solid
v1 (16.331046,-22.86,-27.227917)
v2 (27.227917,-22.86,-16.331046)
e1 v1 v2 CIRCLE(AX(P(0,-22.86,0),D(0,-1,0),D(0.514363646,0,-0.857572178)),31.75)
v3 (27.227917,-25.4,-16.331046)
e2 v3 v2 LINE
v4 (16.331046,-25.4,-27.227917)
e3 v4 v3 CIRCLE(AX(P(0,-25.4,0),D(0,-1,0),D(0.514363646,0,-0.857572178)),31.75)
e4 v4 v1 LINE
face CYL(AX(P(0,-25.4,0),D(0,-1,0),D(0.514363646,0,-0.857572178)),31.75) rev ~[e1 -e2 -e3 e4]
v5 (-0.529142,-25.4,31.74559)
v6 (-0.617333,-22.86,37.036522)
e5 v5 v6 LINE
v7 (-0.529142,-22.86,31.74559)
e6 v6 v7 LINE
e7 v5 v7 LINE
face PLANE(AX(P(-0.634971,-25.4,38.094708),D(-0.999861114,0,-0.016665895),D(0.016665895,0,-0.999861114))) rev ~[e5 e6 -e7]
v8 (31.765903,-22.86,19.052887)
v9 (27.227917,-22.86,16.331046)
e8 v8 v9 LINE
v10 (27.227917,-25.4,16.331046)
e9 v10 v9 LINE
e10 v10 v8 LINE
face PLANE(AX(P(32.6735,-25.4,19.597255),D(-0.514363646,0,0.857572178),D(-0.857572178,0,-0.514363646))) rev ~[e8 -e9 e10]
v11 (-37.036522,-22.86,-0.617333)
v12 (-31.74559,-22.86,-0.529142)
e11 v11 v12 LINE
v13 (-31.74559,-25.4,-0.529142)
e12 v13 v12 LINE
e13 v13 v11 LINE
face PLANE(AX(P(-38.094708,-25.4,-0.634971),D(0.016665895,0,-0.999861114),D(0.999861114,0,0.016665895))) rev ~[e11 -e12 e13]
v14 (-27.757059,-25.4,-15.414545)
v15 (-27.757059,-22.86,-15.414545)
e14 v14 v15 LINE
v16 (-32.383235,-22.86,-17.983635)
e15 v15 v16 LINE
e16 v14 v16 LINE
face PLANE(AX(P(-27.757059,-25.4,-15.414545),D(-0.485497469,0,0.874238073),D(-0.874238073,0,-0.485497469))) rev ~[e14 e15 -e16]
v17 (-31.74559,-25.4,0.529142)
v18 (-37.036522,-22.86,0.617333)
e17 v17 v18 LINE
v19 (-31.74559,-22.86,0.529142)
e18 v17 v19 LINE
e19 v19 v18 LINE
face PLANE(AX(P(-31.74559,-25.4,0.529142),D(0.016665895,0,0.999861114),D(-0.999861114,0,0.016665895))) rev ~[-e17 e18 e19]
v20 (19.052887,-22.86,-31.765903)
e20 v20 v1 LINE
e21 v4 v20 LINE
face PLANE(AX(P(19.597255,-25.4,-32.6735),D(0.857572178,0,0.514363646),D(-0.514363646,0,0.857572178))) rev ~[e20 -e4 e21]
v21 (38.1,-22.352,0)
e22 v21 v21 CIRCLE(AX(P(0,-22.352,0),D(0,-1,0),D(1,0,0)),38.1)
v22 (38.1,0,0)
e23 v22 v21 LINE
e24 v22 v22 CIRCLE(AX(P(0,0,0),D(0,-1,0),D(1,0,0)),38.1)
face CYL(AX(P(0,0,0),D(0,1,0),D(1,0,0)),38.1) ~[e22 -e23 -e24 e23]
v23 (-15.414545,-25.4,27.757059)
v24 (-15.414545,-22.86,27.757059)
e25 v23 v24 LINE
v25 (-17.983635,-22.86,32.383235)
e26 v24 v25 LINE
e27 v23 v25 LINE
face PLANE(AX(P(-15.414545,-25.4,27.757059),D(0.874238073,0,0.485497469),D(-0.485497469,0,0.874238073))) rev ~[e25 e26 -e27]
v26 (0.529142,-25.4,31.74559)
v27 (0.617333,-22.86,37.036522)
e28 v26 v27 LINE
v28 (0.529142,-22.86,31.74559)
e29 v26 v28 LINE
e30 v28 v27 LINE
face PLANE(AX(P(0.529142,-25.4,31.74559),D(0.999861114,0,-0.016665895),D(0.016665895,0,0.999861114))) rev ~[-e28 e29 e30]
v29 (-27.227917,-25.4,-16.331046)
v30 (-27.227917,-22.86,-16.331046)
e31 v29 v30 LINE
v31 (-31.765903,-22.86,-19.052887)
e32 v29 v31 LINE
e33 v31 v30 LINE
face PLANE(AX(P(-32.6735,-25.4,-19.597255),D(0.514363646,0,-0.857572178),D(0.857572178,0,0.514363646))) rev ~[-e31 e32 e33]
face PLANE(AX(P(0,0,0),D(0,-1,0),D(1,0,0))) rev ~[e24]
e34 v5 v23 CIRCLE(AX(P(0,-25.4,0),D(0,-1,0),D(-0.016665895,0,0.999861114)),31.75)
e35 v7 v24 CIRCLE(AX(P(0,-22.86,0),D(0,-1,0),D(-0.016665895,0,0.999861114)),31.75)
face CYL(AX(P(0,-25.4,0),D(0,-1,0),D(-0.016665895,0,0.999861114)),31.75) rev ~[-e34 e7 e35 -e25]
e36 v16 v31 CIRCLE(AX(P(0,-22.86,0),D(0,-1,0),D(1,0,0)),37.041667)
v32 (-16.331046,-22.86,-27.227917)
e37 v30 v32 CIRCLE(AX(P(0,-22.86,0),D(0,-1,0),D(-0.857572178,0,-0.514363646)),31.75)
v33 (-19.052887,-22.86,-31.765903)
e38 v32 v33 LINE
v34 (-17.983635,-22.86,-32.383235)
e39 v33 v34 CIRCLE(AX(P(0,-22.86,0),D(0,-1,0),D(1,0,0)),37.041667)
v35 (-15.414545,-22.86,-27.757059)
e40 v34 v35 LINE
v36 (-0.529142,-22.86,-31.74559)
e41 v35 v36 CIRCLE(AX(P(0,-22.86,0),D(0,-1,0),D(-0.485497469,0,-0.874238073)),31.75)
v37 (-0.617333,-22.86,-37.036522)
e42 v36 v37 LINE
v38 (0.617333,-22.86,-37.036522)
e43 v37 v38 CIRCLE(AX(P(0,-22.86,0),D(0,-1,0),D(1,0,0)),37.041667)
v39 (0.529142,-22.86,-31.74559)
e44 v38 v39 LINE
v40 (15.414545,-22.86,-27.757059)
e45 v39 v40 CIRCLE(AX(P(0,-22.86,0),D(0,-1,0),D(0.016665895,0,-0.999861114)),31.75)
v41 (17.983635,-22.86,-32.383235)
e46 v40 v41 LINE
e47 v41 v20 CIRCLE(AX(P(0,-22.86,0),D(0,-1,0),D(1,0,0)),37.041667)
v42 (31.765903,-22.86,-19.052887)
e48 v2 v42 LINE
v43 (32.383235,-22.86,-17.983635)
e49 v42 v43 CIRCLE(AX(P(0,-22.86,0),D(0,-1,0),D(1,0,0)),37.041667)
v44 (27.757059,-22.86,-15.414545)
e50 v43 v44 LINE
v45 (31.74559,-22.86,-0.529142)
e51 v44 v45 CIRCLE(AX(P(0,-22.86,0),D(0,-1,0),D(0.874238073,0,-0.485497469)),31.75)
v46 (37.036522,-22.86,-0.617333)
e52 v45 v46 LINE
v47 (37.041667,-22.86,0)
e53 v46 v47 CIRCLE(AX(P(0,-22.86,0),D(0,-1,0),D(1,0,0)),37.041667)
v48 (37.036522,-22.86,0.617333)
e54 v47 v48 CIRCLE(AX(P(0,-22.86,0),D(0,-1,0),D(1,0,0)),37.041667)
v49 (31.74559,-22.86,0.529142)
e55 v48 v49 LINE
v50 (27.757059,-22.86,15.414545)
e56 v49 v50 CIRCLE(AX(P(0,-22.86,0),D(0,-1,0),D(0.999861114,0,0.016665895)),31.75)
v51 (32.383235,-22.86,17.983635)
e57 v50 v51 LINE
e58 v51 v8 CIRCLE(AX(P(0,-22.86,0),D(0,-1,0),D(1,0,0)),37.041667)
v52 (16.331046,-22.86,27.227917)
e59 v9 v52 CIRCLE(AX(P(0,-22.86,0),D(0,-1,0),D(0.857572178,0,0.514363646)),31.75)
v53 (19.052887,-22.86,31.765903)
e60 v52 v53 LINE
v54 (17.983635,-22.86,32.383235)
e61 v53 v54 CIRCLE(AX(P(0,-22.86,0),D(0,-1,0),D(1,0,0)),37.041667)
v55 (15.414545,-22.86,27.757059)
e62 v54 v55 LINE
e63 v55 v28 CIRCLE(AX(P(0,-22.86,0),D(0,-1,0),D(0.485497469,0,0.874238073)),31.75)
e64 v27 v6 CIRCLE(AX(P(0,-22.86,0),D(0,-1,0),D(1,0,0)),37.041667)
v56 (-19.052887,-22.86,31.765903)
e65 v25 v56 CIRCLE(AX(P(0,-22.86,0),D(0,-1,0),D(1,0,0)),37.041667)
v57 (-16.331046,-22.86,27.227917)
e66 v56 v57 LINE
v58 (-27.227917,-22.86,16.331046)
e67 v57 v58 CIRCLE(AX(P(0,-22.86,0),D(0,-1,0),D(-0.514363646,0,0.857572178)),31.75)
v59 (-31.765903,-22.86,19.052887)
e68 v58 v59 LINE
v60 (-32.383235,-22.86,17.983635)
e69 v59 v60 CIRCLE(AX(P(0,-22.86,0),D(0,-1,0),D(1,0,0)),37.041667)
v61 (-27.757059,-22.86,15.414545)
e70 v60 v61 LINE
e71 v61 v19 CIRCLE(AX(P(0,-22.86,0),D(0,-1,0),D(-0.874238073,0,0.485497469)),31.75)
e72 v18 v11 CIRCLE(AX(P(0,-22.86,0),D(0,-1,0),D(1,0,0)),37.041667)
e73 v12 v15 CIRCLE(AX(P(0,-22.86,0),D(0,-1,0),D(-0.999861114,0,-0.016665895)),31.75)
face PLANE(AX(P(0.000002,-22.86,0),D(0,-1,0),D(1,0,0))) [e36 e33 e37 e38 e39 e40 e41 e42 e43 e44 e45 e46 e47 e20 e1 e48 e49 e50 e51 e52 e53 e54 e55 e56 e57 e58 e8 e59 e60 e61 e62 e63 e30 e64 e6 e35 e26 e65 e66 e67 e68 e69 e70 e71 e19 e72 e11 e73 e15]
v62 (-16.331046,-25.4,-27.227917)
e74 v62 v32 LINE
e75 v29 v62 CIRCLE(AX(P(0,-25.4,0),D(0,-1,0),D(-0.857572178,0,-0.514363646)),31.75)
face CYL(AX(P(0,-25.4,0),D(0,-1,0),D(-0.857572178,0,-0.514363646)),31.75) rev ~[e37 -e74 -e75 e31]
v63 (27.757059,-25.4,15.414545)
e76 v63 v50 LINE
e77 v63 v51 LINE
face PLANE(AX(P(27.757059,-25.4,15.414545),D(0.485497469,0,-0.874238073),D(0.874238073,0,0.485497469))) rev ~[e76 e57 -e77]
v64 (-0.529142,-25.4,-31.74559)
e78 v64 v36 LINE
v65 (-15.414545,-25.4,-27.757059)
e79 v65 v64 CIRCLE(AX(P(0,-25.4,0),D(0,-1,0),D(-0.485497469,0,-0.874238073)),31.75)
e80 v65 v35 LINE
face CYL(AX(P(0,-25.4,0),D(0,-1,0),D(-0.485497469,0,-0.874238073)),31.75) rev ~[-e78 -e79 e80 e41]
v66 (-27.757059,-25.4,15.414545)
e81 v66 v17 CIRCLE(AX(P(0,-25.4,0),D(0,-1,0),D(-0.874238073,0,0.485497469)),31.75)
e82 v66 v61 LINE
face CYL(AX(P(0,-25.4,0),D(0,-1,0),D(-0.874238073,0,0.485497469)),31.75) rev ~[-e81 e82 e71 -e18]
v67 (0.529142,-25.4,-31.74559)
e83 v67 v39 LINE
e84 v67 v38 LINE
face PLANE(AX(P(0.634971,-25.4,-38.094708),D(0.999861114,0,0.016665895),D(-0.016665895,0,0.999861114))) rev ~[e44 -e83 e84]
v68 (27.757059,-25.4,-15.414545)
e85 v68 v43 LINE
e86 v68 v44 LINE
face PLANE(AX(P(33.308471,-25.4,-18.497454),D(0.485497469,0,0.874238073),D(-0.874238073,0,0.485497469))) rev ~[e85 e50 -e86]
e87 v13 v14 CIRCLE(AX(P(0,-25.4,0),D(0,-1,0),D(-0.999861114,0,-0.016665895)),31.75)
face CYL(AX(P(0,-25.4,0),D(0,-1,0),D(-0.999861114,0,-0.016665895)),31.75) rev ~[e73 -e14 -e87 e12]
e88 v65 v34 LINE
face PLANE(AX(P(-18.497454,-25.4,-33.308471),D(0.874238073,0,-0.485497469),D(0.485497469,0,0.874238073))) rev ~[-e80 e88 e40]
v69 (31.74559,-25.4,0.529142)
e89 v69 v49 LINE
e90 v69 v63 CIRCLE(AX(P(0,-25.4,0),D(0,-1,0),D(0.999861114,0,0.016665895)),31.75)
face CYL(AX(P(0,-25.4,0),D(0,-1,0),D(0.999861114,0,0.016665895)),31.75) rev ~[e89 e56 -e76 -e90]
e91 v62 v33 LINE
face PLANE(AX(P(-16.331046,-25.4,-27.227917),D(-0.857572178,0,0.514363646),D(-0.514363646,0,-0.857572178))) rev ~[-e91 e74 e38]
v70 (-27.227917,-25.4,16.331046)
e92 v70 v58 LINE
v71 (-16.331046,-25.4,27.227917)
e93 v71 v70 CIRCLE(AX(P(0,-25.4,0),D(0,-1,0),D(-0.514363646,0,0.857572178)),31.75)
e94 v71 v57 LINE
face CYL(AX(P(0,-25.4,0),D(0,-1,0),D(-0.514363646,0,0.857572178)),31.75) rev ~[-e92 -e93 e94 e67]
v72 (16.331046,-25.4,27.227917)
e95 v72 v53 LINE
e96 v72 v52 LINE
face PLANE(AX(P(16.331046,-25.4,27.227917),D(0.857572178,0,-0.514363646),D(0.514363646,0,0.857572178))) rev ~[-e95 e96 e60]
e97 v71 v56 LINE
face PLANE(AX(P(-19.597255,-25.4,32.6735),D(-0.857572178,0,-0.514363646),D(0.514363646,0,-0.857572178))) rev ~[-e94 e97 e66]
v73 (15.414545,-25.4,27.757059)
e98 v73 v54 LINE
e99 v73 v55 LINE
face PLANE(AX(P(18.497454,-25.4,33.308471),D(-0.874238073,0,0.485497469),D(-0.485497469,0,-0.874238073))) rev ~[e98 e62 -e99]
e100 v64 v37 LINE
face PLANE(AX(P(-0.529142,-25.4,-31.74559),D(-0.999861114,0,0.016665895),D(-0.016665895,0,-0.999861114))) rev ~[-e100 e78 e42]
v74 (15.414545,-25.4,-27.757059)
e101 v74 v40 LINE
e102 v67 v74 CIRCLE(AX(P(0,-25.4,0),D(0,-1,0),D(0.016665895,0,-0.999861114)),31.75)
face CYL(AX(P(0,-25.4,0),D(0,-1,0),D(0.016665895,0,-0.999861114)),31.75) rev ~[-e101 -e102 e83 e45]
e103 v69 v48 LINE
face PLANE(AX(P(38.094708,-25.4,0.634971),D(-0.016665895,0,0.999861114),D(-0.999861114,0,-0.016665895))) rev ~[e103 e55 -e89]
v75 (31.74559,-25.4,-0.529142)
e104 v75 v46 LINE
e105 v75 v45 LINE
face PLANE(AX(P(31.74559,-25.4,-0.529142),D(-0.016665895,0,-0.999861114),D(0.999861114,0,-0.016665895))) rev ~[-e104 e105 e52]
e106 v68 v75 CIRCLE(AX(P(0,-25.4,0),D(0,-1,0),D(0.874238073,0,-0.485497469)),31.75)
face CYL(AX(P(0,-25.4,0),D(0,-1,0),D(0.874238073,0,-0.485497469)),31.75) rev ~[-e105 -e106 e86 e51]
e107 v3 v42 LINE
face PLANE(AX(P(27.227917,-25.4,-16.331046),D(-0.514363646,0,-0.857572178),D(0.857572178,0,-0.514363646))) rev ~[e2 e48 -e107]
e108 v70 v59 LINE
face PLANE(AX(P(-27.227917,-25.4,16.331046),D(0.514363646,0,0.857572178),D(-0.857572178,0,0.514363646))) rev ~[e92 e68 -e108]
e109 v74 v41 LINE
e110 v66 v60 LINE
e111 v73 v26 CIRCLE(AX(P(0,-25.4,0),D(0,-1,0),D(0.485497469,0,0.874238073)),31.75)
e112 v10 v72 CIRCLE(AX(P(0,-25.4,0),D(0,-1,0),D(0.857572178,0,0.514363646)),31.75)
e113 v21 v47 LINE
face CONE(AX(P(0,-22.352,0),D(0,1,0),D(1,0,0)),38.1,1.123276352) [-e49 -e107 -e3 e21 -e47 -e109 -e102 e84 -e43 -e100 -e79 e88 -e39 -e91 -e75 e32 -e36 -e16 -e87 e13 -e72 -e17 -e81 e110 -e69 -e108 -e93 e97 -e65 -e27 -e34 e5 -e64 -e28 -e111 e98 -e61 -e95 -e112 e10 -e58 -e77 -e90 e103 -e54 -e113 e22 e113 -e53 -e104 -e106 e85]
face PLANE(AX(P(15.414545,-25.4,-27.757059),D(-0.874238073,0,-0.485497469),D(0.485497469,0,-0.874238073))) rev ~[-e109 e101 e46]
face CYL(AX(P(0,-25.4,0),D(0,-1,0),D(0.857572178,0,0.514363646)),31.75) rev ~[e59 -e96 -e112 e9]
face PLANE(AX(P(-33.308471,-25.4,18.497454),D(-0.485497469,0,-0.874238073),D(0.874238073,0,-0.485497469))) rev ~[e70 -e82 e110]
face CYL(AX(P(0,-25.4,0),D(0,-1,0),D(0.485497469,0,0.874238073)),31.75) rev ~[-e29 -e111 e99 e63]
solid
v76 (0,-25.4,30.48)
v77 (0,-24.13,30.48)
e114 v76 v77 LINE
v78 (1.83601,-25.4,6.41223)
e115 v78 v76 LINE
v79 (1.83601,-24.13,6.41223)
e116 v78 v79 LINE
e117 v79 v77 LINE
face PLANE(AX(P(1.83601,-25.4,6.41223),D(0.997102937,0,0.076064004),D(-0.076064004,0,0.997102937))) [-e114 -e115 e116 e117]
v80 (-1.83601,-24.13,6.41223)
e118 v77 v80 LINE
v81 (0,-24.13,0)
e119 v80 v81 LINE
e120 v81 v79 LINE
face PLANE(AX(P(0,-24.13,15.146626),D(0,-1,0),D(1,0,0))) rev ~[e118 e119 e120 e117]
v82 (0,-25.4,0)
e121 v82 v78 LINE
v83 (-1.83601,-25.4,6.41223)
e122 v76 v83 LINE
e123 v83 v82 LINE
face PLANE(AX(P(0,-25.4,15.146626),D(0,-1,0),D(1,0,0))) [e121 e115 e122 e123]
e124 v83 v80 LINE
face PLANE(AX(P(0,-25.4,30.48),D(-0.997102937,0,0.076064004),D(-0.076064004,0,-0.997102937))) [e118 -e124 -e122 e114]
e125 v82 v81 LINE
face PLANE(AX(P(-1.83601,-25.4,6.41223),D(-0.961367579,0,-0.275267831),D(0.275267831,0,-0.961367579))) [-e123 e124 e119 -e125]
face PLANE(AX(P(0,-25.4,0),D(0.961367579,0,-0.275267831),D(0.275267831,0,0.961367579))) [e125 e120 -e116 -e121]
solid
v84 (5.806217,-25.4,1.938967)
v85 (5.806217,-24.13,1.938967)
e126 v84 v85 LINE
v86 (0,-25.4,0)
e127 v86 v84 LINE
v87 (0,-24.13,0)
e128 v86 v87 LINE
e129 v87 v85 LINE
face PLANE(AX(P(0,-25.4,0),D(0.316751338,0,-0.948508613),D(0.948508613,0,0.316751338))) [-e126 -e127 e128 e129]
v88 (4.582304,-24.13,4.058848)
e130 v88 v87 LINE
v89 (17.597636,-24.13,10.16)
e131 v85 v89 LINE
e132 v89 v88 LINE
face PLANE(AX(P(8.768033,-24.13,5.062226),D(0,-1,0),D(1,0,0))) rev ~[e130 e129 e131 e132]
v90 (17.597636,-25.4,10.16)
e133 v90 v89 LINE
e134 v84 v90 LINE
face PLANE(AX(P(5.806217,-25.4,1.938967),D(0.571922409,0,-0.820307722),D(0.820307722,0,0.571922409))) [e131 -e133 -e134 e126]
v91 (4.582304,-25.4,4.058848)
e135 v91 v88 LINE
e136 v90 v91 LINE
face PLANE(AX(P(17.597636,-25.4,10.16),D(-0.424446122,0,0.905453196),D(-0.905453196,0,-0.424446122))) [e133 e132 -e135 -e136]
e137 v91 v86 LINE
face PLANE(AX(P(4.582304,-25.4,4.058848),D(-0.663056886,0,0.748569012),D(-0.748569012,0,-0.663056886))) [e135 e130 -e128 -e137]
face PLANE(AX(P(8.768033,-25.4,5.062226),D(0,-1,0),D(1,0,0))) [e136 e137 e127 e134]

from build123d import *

# Parameters (mm, degrees)
F0_R     = 38.1
F1_DEPTH = 25.4
F3_SIZE2 = 6.35
F3_SIZE  = 3.048
F4_DEPTH = 2.54
F6_DEPTH = 1.27


with BuildPart() as f1:
    # F0 (on Front) → F1 (new body)
    with BuildSketch(Plane.XZ):
        Circle(F0_R)
    extrude(amount=F1_DEPTH)

    # F3
    f3_edges = [f1.edges().sort_by_distance(p)[0] for p in [
        (-38.1, -25.4, 0),
    ]]
    f3_side = f1.faces().sort_by_distance((-38.1, -12.7, 0))[0]
    chamfer(f3_edges, length=F3_SIZE, length2=F3_SIZE2, reference=f3_side)

    # F2 (on face) → F4 (cut)
    with BuildSketch(Plane.XZ.offset(25.4)):
        with BuildLine():
            ThreePointArc((31.7455903799, -0.5291421686), (31.7488975758, -0.264580271), (31.75, 0))
            ThreePointArc((31.75, 0), (31.7488975758, 0.264580271), (31.7455903799, 0.5291421686))
            ThreePointArc((31.7455903799, 0.5291421686), (30.6681449847, 8.217504682), (27.7570588114, 15.4145446297))
            ThreePointArc((27.7570588114, 15.4145446297), (27.4963065702, 15.875), (27.2279166428, 16.3310457501))
            ThreePointArc((27.2279166428, 16.3310457501), (22.4506403027, 22.4506403027), (16.3310457501, 27.2279166428))
            ThreePointArc((16.3310457501, 27.2279166428), (15.875, 27.4963065702), (15.4145446297, 27.7570588114))
            ThreePointArc((15.4145446297, 27.7570588114), (8.217504682, 30.6681449847), (0.5291421686, 31.7455903799))
            ThreePointArc((0.5291421686, 31.7455903799), (0, 31.75), (-0.5291421686, 31.7455903799))
            ThreePointArc((-0.5291421686, 31.7455903799), (-8.217504682, 30.6681449847), (-15.4145446297, 27.7570588114))
            ThreePointArc((-15.4145446297, 27.7570588114), (-15.875, 27.4963065702), (-16.3310457501, 27.2279166428))
            ThreePointArc((-16.3310457501, 27.2279166428), (-22.4506403027, 22.4506403027), (-27.2279166428, 16.3310457501))
            ThreePointArc((-27.2279166428, 16.3310457501), (-27.4963065702, 15.875), (-27.7570588114, 15.4145446297))
            ThreePointArc((-27.7570588114, 15.4145446297), (-30.6681449847, 8.217504682), (-31.7455903799, 0.5291421686))
            ThreePointArc((-31.7455903799, 0.5291421686), (-31.75, 0), (-31.7455903799, -0.5291421686))
            ThreePointArc((-31.7455903799, -0.5291421686), (-30.6681449847, -8.217504682), (-27.7570588114, -15.4145446297))
            ThreePointArc((-27.7570588114, -15.4145446297), (-27.4963065702, -15.875), (-27.2279166428, -16.3310457501))
            ThreePointArc((-27.2279166428, -16.3310457501), (-22.4506403027, -22.4506403027), (-16.3310457501, -27.2279166428))
            ThreePointArc((-16.3310457501, -27.2279166428), (-15.875, -27.4963065702), (-15.4145446297, -27.7570588114))
            ThreePointArc((-15.4145446297, -27.7570588114), (-8.217504682, -30.6681449847), (-0.5291421686, -31.7455903799))
            ThreePointArc((-0.5291421686, -31.7455903799), (0, -31.75), (0.5291421686, -31.7455903799))
            ThreePointArc((0.5291421686, -31.7455903799), (8.217504682, -30.6681449847), (15.4145446297, -27.7570588114))
            ThreePointArc((15.4145446297, -27.7570588114), (15.875, -27.4963065702), (16.3310457501, -27.2279166428))
            ThreePointArc((16.3310457501, -27.2279166428), (22.4506403027, -22.4506403027), (27.2279166428, -16.3310457501))
            ThreePointArc((27.2279166428, -16.3310457501), (27.4963065702, -15.875), (27.7570588114, -15.4145446297))
            ThreePointArc((27.7570588114, -15.4145446297), (30.6681449847, -8.217504682), (31.7455903799, -0.5291421686))
        make_face()
        with BuildLine():
            ThreePointArc((31.7455903799, 0.5291421686), (31.7488975758, 0.264580271), (31.75, 0))
            ThreePointArc((31.75, 0), (31.7488975758, -0.264580271), (31.7455903799, -0.5291421686))
            Line((31.7455903799, -0.5291421686), (38.0947084558, -0.6349706023))
            ThreePointArc((38.0947084558, -0.6349706023), (38.1, 0), (38.0947084558, 0.6349706023))
            Line((38.0947084558, 0.6349706023), (31.7455903799, 0.5291421686))
        make_face()
        with BuildLine():
            ThreePointArc((27.2279166428, 16.3310457501), (27.4963065702, 15.875), (27.7570588114, 15.4145446297))
            Line((27.7570588114, 15.4145446297), (33.3084705736, 18.4974535557))
            ThreePointArc((33.3084705736, 18.4974535557), (32.9955678842, 19.05), (32.6734999714, 19.5972549001))
            Line((32.6734999714, 19.5972549001), (27.2279166428, 16.3310457501))
        make_face()
        with BuildLine():
            Line((33.3084705736, -18.4974535557), (27.7570588114, -15.4145446297))
            ThreePointArc((27.7570588114, -15.4145446297), (27.4963065702, -15.875), (27.2279166428, -16.3310457501))
            Line((27.2279166428, -16.3310457501), (32.6734999714, -19.5972549001))
            ThreePointArc((32.6734999714, -19.5972549001), (32.9955678842, -19.05), (33.3084705736, -18.4974535557))
        make_face()
        with BuildLine():
            ThreePointArc((15.4145446297, 27.7570588114), (15.875, 27.4963065702), (16.3310457501, 27.2279166428))
            Line((16.3310457501, 27.2279166428), (19.5972549001, 32.6734999714))
            ThreePointArc((19.5972549001, 32.6734999714), (19.05, 32.9955678842), (18.4974535557, 33.3084705736))
            Line((18.4974535557, 33.3084705736), (15.4145446297, 27.7570588114))
        make_face()
        with BuildLine():
            Line((19.5972549001, -32.6734999714), (16.3310457501, -27.2279166428))
            ThreePointArc((16.3310457501, -27.2279166428), (15.875, -27.4963065702), (15.4145446297, -27.7570588114))
            Line((15.4145446297, -27.7570588114), (18.4974535557, -33.3084705736))
            ThreePointArc((18.4974535557, -33.3084705736), (19.05, -32.9955678842), (19.5972549001, -32.6734999714))
        make_face()
        with BuildLine():
            ThreePointArc((-0.5291421686, 31.7455903799), (0, 31.75), (0.5291421686, 31.7455903799))
            Line((0.5291421686, 31.7455903799), (0.6349706023, 38.0947084558))
            ThreePointArc((0.6349706023, 38.0947084558), (0, 38.1), (-0.6349706023, 38.0947084558))
            Line((-0.6349706023, 38.0947084558), (-0.5291421686, 31.7455903799))
        make_face()
        with BuildLine():
            Line((0.6349706023, -38.0947084558), (0.5291421686, -31.7455903799))
            ThreePointArc((0.5291421686, -31.7455903799), (0, -31.75), (-0.5291421686, -31.7455903799))
            Line((-0.5291421686, -31.7455903799), (-0.6349706023, -38.0947084558))
            ThreePointArc((-0.6349706023, -38.0947084558), (0, -38.1), (0.6349706023, -38.0947084558))
        make_face()
        with BuildLine():
            ThreePointArc((-16.3310457501, 27.2279166428), (-15.875, 27.4963065702), (-15.4145446297, 27.7570588114))
            Line((-15.4145446297, 27.7570588114), (-18.4974535557, 33.3084705736))
            ThreePointArc((-18.4974535557, 33.3084705736), (-19.05, 32.9955678842), (-19.5972549001, 32.6734999714))
            Line((-19.5972549001, 32.6734999714), (-16.3310457501, 27.2279166428))
        make_face()
        with BuildLine():
            Line((-18.4974535557, -33.3084705736), (-15.4145446297, -27.7570588114))
            ThreePointArc((-15.4145446297, -27.7570588114), (-15.875, -27.4963065702), (-16.3310457501, -27.2279166428))
            Line((-16.3310457501, -27.2279166428), (-19.5972549001, -32.6734999714))
            ThreePointArc((-19.5972549001, -32.6734999714), (-19.05, -32.9955678842), (-18.4974535557, -33.3084705736))
        make_face()
        with BuildLine():
            ThreePointArc((-27.7570588114, 15.4145446297), (-27.4963065702, 15.875), (-27.2279166428, 16.3310457501))
            Line((-27.2279166428, 16.3310457501), (-32.6734999714, 19.5972549001))
            ThreePointArc((-32.6734999714, 19.5972549001), (-32.9955678842, 19.05), (-33.3084705736, 18.4974535557))
            Line((-33.3084705736, 18.4974535557), (-27.7570588114, 15.4145446297))
        make_face()
        with BuildLine():
            Line((-32.6734999714, -19.5972549001), (-27.2279166428, -16.3310457501))
            ThreePointArc((-27.2279166428, -16.3310457501), (-27.4963065702, -15.875), (-27.7570588114, -15.4145446297))
            Line((-27.7570588114, -15.4145446297), (-33.3084705736, -18.4974535557))
            ThreePointArc((-33.3084705736, -18.4974535557), (-32.9955678842, -19.05), (-32.6734999714, -19.5972549001))
        make_face()
        with BuildLine():
            ThreePointArc((-31.7455903799, -0.5291421686), (-31.75, 0), (-31.7455903799, 0.5291421686))
            Line((-31.7455903799, 0.5291421686), (-38.0947084558, 0.6349706023))
            ThreePointArc((-38.0947084558, 0.6349706023), (-38.1, 0), (-38.0947084558, -0.6349706023))
            Line((-38.0947084558, -0.6349706023), (-31.7455903799, -0.5291421686))
        make_face()
    extrude(amount=-F4_DEPTH, mode=Mode.SUBTRACT)


with BuildPart() as f6:
    # F5 (on face) → F6 (new body)
    with BuildSketch(Plane.XZ.offset(25.4)):
        Polygon((1.8360100221, 6.4122295007), (0, 30.48), (-1.8360100221, 6.4122295007), (0, 0), align=None)
    extrude(amount=-F6_DEPTH)

    # F5 (on face) → F6, piece 2 (join)
    with BuildSketch(Plane.XZ.offset(25.4)):
        Polygon((4.5823035762, 4.0588481352), (0, 0), (5.8062173832, 1.9389672372), (17.5976362049, 10.16), align=None)
    extrude(amount=-F6_DEPTH)


solid = Compound([f1.part, f6.part])
